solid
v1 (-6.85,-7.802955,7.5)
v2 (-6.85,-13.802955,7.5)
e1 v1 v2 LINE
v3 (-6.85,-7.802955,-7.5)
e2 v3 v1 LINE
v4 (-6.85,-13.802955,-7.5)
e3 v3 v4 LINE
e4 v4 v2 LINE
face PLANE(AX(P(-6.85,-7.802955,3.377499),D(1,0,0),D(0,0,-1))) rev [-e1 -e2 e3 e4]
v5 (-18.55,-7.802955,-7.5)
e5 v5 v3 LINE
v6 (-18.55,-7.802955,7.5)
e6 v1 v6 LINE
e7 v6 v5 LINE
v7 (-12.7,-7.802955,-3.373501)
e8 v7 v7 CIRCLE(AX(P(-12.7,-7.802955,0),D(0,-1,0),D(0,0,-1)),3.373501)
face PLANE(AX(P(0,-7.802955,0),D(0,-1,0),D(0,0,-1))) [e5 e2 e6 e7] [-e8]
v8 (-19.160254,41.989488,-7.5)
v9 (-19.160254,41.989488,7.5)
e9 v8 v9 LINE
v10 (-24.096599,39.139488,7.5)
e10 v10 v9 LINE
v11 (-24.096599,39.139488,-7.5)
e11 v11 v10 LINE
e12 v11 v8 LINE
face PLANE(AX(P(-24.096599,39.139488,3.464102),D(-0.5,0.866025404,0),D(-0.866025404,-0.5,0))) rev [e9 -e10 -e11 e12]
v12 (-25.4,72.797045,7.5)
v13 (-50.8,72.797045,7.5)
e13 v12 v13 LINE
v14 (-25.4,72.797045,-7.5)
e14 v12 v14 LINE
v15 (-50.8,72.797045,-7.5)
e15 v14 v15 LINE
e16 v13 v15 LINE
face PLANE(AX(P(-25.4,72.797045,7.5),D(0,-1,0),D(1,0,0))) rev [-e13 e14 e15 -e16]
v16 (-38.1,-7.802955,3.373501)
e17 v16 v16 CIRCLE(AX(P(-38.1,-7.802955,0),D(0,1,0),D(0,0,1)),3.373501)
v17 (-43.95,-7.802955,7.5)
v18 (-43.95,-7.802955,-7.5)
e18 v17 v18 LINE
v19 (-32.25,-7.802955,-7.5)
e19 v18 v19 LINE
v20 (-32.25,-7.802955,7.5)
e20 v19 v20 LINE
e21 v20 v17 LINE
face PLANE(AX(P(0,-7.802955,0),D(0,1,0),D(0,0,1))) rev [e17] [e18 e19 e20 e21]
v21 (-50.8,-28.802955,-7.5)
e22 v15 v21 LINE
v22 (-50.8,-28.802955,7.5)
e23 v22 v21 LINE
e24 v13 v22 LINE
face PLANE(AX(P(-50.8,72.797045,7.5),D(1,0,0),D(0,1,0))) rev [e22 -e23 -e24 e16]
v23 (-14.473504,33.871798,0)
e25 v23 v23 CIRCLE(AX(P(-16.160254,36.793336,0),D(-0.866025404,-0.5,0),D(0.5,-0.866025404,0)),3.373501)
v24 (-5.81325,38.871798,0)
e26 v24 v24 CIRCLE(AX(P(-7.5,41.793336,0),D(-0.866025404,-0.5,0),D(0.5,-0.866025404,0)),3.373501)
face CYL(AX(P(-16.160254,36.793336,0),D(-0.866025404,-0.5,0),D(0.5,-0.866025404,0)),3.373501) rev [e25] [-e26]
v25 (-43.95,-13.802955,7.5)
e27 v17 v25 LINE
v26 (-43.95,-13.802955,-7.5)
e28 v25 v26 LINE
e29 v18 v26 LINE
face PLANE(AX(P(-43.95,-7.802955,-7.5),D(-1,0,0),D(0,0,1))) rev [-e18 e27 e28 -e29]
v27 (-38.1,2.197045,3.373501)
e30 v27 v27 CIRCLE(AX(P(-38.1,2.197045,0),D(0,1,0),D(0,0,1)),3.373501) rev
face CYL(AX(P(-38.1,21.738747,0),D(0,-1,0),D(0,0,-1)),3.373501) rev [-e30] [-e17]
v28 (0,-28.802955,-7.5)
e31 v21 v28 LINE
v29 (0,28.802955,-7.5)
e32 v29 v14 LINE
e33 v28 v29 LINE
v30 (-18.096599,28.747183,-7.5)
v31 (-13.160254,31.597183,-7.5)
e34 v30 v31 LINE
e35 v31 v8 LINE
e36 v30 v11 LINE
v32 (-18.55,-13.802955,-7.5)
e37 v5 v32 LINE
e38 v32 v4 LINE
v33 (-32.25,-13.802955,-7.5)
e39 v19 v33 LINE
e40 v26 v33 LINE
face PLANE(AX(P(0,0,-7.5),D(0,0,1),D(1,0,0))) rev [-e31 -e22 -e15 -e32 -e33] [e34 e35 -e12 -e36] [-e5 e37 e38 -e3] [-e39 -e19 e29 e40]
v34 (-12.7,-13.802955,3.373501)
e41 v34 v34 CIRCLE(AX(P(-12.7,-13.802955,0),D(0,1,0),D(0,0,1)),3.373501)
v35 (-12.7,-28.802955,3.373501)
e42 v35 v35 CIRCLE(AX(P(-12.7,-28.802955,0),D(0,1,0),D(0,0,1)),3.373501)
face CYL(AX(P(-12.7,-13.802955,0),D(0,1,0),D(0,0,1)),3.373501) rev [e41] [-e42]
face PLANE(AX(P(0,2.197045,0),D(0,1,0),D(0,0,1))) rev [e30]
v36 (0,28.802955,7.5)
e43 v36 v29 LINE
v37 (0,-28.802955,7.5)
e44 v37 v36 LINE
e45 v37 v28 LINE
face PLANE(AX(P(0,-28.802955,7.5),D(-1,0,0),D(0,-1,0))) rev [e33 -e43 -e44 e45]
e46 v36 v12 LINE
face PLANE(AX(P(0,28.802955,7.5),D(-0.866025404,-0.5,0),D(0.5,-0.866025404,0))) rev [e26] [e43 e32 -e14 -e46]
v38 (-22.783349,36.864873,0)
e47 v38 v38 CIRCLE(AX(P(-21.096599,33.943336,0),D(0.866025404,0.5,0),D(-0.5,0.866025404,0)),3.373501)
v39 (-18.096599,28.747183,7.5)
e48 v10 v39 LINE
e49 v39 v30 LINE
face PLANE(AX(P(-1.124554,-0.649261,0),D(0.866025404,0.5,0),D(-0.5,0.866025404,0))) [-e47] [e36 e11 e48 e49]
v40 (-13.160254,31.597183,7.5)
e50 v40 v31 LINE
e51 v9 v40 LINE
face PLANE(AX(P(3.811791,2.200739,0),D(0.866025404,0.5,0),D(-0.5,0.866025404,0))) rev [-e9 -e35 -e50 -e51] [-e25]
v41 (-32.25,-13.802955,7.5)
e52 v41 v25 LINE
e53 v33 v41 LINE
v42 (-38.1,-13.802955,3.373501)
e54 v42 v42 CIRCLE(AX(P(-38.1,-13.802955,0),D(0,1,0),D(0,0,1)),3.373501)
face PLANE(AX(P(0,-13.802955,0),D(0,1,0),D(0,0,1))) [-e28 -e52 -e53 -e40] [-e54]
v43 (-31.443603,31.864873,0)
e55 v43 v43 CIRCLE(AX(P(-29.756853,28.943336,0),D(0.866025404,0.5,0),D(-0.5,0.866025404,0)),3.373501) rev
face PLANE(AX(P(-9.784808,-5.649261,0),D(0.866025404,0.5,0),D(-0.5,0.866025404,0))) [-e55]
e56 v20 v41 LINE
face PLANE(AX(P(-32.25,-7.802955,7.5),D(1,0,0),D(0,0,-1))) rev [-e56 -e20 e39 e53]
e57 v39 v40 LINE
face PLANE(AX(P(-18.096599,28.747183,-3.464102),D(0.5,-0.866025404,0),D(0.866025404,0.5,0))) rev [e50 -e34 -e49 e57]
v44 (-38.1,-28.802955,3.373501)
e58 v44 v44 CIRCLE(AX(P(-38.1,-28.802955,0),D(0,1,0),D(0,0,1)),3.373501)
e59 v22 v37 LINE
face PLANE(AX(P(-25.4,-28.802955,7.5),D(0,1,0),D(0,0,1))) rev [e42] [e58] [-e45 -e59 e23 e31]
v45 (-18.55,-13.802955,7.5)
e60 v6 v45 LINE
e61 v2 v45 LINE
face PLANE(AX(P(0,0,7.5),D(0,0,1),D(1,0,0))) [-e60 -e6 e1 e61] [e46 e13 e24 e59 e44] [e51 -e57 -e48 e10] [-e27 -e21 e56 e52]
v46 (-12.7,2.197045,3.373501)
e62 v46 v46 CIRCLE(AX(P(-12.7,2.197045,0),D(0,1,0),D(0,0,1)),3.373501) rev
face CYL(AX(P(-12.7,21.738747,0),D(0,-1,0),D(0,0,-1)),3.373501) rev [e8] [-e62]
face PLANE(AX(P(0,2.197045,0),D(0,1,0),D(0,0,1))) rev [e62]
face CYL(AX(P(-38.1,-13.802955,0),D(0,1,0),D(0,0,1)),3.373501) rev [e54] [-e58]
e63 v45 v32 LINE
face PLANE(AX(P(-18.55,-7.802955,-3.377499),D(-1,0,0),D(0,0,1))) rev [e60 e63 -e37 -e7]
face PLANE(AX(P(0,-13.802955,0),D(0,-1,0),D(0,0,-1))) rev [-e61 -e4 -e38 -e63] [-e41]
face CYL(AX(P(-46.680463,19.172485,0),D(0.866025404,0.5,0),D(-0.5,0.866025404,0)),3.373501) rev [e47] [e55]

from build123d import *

# Parameters (mm, degrees)
BOSS_EXTRUDE1_DEPTH                       = 7.5
CUT_EXTRUDE1_START                        = -10
CUT_EXTRUDE1_DEPTH                        = 5.7
SKETCH5_W                                 = 3.373501
SKETCH5_H                                 = 31.997045256
CUT_EXTRUDE2_START                        = -15
CUT_EXTRUDE2_DEPTH                        = 6
SKETCH8_W                                 = 3.373501
SKETCH8_H                                 = 15
F_17_64_0_26563_DIAMETER_HOLE2_AT_2_COUNT = 2
F_17_64_0_26563_DIAMETER_HOLE2_AT_2_PITCH = 25.4
CUT_EXTRUDE4_START                        = -31
SKETCH10_R                                = 3.373501
CUT_EXTRUDE4_DEPTH                        = 31
CUT_EXTRUDE5_START                        = -25.7
SKETCH11_R                                = 3.373501
CUT_EXTRUDE5_DEPTH                        = 25.7


with BuildPart() as part:
    # Sketch1 → Boss-Extrude1 (new, symmetric)
    with BuildSketch(Plane.XY):
        Polygon((0, -28.802954744), (0, 28.802954744), (-25.4, 72.797045256), (-50.8, 72.797045256), (-50.8, -28.802954744), (-25.4, -28.802954744), align=None)
    extrude(amount=BOSS_EXTRUDE1_DEPTH, both=True)

    # Sketch2 → Cut-Extrude1 (cut)
    with BuildSketch(Plane(origin=(12.472045256, 7.200738686, 0), x_dir=(0, 0, -1), z_dir=(0.8660254037844379, 0.5000000000000013, 0)).offset(CUT_EXTRUDE1_START)):
        Polygon((3.464101615, 33.944090512), (7.5, 33.944090512), (7.5, 45.944090512), (3.464101615, 45.944090512), (-3.464101615, 45.944090512), (-7.5, 45.944090512), (-7.5, 33.944090512), (-3.464101615, 33.944090512), align=None)
    extrude(amount=-CUT_EXTRUDE1_DEPTH, mode=Mode.SUBTRACT)

    # Sketch5 → 17/64 (0.26563) Diameter Hole1 (revolve, cut)
    with BuildSketch(Plane(origin=(-16.160254038, 36.793335801, 0), x_dir=(0.500000000000001, -0.866025403784438, 0), z_dir=(0, 0, 1))):
        with Locations((1.6867505, 15.998522628)):
            Rectangle(SKETCH5_W, SKETCH5_H)
    revolve(axis=Axis((-21.659515352, 33.618335801, 0), (0.866025403784438, 0.500000000000001, 0)), mode=Mode.SUBTRACT)

    # Sketch6 → Cut-Extrude2 (cut)
    with BuildSketch(Plane.XZ.offset(28.802954744).offset(CUT_EXTRUDE2_START)):
        Polygon((-43.95, 3.377499075), (-43.95, -3.377499075), (-43.95, -7.5), (-32.25, -7.5), (-32.25, -3.377499075), (-32.25, 3.377499075), (-32.25, 7.5), (-43.95, 7.5), align=None)
        Polygon((-18.55, 3.377499075), (-18.55, -3.377499075), (-18.55, -7.5), (-6.85, -7.5), (-6.85, -3.377499075), (-6.85, 3.377499075), (-6.85, 7.5), (-18.55, 7.5), align=None)
    extrude(amount=-CUT_EXTRUDE2_DEPTH, mode=Mode.SUBTRACT)

    # Sketch8 → 17/64 (0.26563) Diameter Hole2 (revolve, cut)
    with BuildSketch(Plane(origin=(-38.1, -13.802954744, 0), x_dir=(0, 0, 1), z_dir=(1, 0, 0))):
        with Locations((1.6867505, 7.5)):
            Rectangle(SKETCH8_W, SKETCH8_H)
    f_17_64_0_26563_diameter_hole2 = revolve(axis=Axis((-38.1, -7.452954744, 0), (0, -1, 0)), mode=Mode.SUBTRACT)

    # 17/64 (0.26563) Diameter Hole2 at 2: 17/64 (0.26563) Diameter Hole2 ×2
    with Locations(*[(i * F_17_64_0_26563_DIAMETER_HOLE2_AT_2_PITCH, 0, 0) for i in range(1, F_17_64_0_26563_DIAMETER_HOLE2_AT_2_COUNT)]):
        add(f_17_64_0_26563_diameter_hole2, mode=Mode.SUBTRACT)

    # Sketch10 → Cut-Extrude4 (cut)
    with BuildSketch(Plane.XZ.offset(28.802954744).offset(CUT_EXTRUDE4_START)):
        with Locations(Location((-38.1, 0, 0), (0, 0, 90))):
            Circle(SKETCH10_R)
        with Locations(Location((-12.7, 0, 0), (0, 0, 90))):
            Circle(SKETCH10_R)
    extrude(amount=CUT_EXTRUDE4_DEPTH, mode=Mode.SUBTRACT)

    # Sketch11 → Cut-Extrude5 (cut)
    with BuildSketch(Plane(origin=(12.472045256, 7.200738686, 0), x_dir=(0, 0, -1), z_dir=(0.8660254037844378, 0.5000000000000017, 0)).offset(CUT_EXTRUDE5_START)):
        with Locations(Location((0, 39.944090512, 0), (0, 0, 270))):
            Circle(SKETCH11_R)
    extrude(amount=CUT_EXTRUDE5_DEPTH, mode=Mode.SUBTRACT)


solid = part.part
